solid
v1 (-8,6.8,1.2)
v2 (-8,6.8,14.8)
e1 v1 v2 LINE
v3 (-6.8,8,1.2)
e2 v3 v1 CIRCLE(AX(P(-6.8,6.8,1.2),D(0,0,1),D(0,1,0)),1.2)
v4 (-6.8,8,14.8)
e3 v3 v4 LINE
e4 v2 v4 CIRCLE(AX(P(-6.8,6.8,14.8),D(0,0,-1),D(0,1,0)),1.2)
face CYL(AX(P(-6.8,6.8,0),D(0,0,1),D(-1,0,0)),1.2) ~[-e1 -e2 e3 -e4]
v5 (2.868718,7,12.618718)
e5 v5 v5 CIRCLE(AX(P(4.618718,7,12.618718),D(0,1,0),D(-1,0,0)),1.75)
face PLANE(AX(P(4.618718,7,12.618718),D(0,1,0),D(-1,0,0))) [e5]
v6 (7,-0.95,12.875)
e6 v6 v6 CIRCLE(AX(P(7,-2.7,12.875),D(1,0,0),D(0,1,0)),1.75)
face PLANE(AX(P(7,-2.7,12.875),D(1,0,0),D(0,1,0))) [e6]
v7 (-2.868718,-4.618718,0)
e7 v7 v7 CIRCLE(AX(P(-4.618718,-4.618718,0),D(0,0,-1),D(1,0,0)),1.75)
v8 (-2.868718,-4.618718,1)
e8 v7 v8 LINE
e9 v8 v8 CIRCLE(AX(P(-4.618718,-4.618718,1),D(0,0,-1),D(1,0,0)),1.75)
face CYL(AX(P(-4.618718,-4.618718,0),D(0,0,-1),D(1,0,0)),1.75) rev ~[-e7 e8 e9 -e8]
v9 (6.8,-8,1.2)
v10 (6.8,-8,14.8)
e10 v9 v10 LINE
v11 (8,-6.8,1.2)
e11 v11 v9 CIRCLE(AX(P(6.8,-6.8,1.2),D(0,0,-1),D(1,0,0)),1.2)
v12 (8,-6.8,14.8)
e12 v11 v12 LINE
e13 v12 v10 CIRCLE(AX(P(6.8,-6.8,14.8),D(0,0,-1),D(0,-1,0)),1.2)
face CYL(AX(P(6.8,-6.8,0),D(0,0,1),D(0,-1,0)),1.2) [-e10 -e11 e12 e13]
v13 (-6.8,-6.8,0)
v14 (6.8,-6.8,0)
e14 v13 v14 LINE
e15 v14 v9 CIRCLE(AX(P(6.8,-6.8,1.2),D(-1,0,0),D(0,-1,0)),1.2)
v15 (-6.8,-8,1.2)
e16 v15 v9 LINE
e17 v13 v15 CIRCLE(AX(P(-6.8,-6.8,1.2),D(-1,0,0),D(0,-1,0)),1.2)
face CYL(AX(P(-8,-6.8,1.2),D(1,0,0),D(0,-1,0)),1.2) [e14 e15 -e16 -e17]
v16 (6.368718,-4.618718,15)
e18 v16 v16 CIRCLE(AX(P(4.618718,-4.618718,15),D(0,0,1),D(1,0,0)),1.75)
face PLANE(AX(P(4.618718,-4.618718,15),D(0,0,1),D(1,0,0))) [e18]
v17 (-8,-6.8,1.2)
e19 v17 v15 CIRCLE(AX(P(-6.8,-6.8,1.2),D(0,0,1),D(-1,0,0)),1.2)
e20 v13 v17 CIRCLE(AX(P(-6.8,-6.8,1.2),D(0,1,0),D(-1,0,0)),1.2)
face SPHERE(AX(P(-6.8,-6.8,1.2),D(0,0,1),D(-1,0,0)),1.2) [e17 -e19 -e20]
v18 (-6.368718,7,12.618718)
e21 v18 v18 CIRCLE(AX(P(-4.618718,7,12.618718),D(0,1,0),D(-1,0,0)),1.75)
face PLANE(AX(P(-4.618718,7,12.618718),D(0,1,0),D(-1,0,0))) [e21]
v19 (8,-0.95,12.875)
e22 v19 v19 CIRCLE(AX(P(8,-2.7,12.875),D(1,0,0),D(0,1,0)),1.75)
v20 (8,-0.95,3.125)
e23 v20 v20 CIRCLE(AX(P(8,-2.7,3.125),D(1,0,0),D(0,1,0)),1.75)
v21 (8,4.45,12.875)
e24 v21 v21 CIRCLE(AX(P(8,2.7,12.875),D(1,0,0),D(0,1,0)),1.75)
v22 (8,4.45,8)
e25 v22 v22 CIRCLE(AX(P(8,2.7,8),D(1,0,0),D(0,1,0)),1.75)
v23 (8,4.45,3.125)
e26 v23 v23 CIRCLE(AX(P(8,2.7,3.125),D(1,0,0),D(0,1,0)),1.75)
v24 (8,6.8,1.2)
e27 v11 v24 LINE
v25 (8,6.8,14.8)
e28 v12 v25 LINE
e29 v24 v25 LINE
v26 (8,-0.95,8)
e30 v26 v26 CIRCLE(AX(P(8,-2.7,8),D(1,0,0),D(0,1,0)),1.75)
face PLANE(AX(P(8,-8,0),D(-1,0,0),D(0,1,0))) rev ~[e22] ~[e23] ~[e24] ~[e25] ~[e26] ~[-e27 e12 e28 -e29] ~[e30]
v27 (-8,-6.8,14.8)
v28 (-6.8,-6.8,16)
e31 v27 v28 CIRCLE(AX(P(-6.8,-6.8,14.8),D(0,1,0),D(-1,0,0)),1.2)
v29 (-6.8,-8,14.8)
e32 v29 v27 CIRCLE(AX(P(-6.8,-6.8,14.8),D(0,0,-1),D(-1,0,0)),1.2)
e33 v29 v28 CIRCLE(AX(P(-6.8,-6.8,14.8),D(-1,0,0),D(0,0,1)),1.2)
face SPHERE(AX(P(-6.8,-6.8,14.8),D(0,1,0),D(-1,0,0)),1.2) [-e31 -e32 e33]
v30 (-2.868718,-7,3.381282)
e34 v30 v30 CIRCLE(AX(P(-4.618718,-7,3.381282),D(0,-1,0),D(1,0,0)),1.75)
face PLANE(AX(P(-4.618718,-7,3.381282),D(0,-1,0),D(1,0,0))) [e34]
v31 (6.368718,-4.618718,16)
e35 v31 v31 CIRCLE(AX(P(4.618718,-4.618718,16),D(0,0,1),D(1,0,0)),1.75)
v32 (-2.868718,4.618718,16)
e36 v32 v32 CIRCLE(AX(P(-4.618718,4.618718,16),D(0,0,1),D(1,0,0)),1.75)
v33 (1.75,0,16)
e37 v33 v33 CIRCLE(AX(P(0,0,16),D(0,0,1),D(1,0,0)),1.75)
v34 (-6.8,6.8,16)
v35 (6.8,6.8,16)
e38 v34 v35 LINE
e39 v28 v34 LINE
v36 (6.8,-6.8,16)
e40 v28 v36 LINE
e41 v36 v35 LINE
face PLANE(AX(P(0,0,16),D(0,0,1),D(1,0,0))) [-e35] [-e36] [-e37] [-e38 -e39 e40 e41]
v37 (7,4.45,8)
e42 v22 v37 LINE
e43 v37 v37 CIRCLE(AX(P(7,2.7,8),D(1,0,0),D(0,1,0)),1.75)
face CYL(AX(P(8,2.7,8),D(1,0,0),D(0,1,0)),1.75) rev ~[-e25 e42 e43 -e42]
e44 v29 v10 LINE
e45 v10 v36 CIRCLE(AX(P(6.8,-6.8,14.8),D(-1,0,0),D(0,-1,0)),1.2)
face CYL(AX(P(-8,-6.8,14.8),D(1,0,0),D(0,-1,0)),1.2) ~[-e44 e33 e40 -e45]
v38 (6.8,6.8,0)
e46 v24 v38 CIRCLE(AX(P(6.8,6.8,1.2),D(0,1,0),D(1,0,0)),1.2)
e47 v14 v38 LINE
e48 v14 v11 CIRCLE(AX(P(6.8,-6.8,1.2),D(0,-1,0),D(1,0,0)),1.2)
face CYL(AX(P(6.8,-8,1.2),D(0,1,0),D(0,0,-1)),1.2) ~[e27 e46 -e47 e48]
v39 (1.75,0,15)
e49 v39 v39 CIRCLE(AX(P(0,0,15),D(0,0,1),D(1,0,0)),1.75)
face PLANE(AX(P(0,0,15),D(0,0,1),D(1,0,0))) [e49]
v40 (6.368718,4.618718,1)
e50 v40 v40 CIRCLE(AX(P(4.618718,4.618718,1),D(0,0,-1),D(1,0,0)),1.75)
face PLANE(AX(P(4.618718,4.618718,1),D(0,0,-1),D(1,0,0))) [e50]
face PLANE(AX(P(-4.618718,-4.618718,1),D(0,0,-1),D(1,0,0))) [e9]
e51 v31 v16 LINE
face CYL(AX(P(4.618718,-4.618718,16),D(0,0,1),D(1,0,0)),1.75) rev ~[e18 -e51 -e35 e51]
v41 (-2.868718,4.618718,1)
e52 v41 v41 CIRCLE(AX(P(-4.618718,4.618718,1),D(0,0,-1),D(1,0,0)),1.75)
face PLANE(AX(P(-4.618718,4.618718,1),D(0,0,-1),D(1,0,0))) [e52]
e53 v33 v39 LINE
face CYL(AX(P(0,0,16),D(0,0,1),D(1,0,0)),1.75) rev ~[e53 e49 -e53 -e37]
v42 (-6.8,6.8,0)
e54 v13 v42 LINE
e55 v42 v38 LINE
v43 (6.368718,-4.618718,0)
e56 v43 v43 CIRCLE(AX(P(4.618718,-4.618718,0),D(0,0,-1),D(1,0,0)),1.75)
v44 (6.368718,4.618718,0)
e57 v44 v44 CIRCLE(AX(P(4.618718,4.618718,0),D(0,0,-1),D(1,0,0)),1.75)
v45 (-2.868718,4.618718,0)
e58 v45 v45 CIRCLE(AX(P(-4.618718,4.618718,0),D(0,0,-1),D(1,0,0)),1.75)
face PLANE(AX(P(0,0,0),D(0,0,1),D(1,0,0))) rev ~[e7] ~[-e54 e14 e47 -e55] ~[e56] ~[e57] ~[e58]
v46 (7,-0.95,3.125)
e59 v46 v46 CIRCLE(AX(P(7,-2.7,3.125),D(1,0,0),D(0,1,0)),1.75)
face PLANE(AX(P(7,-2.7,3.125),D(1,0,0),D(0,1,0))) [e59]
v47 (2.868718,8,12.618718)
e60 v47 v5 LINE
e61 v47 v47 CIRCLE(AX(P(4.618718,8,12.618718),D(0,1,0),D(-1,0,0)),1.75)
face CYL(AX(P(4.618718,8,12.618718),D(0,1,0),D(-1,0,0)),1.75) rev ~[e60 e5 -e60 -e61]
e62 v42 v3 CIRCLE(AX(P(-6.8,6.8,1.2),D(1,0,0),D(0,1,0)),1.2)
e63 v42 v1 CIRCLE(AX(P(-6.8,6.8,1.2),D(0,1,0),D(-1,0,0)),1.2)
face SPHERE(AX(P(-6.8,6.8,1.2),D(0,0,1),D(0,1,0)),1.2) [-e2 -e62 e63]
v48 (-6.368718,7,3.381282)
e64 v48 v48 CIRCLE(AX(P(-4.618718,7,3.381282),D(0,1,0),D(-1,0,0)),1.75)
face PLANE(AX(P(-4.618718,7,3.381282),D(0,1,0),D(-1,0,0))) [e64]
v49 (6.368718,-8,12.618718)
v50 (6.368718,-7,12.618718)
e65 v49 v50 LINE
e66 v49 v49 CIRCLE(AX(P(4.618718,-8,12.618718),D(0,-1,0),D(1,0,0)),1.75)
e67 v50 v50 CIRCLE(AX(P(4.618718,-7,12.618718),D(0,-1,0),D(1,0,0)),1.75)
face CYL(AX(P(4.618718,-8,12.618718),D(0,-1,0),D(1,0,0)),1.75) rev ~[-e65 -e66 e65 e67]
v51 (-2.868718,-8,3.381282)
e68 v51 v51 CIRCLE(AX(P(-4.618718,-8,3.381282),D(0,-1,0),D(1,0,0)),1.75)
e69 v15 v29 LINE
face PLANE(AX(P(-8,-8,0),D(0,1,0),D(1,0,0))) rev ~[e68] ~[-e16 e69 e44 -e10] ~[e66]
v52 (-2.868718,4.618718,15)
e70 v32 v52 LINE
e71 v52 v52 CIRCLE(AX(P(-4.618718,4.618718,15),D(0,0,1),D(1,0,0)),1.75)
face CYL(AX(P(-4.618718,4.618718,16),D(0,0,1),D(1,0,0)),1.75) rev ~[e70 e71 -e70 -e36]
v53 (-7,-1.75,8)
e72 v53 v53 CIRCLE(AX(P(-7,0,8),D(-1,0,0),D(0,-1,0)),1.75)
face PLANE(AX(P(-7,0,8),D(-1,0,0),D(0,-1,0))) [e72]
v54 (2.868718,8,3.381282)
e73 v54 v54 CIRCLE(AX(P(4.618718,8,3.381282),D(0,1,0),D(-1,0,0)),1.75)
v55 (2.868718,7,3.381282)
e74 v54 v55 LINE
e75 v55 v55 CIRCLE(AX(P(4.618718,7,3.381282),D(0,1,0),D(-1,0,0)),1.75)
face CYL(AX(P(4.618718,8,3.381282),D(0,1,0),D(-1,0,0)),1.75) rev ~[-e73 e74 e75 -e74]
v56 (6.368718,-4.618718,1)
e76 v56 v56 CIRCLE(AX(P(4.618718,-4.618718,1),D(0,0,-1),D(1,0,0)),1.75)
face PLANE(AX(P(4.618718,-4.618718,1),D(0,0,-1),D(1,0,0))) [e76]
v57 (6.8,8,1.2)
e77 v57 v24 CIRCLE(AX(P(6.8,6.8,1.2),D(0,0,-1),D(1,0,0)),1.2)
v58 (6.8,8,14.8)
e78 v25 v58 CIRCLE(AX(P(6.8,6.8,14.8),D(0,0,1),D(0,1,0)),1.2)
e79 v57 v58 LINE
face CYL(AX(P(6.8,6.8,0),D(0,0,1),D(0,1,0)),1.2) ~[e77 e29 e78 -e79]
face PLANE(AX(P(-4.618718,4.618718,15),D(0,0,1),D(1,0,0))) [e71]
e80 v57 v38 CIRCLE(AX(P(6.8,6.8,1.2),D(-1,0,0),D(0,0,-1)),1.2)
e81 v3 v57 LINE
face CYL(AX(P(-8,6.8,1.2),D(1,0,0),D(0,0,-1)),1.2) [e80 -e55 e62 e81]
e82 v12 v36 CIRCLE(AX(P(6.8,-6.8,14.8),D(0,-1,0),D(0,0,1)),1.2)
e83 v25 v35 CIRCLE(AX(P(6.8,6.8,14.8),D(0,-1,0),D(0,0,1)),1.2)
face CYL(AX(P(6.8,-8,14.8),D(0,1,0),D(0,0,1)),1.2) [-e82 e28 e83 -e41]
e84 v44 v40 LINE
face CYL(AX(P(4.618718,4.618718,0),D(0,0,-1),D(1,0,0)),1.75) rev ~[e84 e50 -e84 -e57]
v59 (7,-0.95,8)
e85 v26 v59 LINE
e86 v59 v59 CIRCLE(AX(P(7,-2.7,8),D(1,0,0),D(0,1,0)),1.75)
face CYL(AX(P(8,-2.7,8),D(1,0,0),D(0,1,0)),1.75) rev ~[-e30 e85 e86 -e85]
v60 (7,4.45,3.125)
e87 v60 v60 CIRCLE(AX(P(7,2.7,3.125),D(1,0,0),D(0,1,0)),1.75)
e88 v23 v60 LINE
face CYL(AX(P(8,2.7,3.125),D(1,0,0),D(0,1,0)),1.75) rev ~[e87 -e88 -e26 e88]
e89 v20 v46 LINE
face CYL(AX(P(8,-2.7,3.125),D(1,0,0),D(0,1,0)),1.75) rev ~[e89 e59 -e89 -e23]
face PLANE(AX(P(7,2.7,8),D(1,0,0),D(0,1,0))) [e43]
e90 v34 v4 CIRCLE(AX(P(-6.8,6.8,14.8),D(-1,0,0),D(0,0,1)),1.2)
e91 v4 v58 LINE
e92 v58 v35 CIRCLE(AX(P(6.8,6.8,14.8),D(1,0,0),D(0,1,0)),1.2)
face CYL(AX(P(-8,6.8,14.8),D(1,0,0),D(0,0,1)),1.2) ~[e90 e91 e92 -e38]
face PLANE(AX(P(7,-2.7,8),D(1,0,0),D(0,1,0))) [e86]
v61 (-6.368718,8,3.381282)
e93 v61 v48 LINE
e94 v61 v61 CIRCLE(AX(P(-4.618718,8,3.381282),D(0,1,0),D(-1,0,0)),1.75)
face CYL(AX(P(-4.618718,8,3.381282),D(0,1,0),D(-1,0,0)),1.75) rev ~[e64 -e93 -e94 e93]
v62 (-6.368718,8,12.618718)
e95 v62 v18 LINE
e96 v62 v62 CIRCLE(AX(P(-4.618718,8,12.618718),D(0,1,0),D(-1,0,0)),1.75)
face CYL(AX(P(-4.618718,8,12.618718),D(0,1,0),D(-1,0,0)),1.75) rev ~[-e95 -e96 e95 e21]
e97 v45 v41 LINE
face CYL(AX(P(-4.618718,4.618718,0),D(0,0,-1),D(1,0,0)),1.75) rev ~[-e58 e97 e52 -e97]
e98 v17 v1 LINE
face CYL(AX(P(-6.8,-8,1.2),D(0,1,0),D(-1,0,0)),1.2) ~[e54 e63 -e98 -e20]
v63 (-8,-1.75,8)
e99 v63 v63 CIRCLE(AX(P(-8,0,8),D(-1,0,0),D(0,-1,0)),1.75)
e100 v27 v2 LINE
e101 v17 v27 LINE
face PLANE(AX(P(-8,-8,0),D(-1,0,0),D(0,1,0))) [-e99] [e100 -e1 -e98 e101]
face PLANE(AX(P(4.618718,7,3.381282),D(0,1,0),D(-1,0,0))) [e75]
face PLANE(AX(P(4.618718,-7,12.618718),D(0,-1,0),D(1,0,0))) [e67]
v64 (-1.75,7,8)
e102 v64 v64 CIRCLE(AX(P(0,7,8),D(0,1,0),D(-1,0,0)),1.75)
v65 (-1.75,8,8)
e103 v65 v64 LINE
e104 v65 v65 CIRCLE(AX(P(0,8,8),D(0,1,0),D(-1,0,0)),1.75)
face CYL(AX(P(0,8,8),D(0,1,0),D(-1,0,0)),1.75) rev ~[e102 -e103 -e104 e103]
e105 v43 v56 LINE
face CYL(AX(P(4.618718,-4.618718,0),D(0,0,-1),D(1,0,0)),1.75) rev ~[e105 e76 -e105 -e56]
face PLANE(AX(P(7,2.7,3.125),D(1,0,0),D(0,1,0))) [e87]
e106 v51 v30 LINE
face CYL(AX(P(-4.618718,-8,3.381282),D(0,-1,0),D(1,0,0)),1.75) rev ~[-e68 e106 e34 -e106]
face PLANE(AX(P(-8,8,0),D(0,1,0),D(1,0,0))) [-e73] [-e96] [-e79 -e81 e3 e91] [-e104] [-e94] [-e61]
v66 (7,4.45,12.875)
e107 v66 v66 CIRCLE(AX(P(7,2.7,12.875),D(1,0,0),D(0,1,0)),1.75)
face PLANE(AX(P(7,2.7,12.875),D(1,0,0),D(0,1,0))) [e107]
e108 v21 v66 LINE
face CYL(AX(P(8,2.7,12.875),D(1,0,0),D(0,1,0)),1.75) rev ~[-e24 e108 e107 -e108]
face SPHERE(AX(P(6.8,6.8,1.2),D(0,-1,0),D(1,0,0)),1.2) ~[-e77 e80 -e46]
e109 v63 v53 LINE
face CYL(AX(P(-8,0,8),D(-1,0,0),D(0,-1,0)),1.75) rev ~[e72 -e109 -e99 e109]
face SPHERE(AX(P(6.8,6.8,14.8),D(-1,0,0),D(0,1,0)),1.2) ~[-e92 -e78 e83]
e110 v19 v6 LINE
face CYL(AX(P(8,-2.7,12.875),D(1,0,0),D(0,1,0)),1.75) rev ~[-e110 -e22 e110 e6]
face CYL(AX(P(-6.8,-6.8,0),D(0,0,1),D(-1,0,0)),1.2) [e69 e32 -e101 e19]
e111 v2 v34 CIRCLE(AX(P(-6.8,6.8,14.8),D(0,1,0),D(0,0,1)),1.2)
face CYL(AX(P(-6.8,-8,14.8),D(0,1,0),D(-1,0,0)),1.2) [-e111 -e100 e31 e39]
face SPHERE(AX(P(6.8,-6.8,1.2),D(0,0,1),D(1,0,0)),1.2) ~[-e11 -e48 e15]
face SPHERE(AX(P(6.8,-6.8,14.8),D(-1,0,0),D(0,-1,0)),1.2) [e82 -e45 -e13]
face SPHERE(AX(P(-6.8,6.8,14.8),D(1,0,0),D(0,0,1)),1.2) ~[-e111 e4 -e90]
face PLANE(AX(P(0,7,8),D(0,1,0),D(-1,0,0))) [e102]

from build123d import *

# Parameters (mm, degrees)
F0_W      = 16
F0_H      = 16
F1_DEPTH  = 16
F2_R      = 1.75
F3_DEPTH  = 1
F4_R      = 1.75
F5_DEPTH  = 1
F6_R      = 1.75
F7_DEPTH  = 1
F8_R      = 1.75
F9_DEPTH  = 1
F10_R     = 1.75
F11_DEPTH = 1
F12_R     = 1.75
F13_DEPTH = 1
F14_R     = 1.2


with BuildPart() as f1:
    # F0 (on Top) → F1 (new body)
    with BuildSketch(Plane.XY):
        Rectangle(F0_W, F0_H)
    extrude(amount=F1_DEPTH)

    # F2 (on face) → F3 (cut)
    with BuildSketch(Plane.XY.offset(16)):
        with Locations((-4.618718, 4.618718)):
            Circle(F2_R)
        with Locations((4.618718, -4.618718)):
            Circle(F2_R)
        Circle(F2_R)
    extrude(amount=-F3_DEPTH, mode=Mode.SUBTRACT)

    # F4 (on face) → F5 (cut)
    with BuildSketch(Plane.XZ.offset(8)):
        with Locations((-4.618718, 3.381282)):
            Circle(F4_R)
        with Locations((4.618718, 12.618718)):
            Circle(F4_R)
    extrude(amount=-F5_DEPTH, mode=Mode.SUBTRACT)

    # F6 (on face) → F7 (cut)
    with BuildSketch(Plane(origin=(-8, 0, 0), x_dir=(0, -1, 0), z_dir=(-1, 0, 0))):
        with Locations((0, 8)):
            Circle(F6_R)
    extrude(amount=-F7_DEPTH, mode=Mode.SUBTRACT)

    # F8 (on face) → F9 (cut)
    with BuildSketch(Plane.YZ.offset(8)):
        with Locations((-2.7, 8)):
            Circle(F8_R)
        with Locations((2.7, 8)):
            Circle(F8_R)
        with Locations((2.7, 12.875)):
            Circle(F8_R)
        with Locations((2.7, 3.125)):
            Circle(F8_R)
        with Locations((-2.7, 3.125)):
            Circle(F8_R)
        with Locations((-2.7, 12.875)):
            Circle(F8_R)
    extrude(amount=-F9_DEPTH, mode=Mode.SUBTRACT)

    # F10 (on face) → F11 (cut)
    with BuildSketch(Plane(origin=(0, 8, 0), x_dir=(-1, 0, 0), z_dir=(0, 1, 0))):
        with Locations((0, 8)):
            Circle(F10_R)
        with Locations((-4.618718, 3.381282)):
            Circle(F10_R)
        with Locations((-4.618718, 12.618718)):
            Circle(F10_R)
        with Locations((4.618718, 12.618718)):
            Circle(F10_R)
        with Locations((4.618718, 3.381282)):
            Circle(F10_R)
    extrude(amount=-F11_DEPTH, mode=Mode.SUBTRACT)

    # F12 (on face) → F13 (cut)
    with BuildSketch(Plane(origin=(0, 0, 0), x_dir=(1, 0, 0), z_dir=(0, 0, -1))):
        with Locations((4.618718, -4.618718)):
            Circle(F12_R)
        with Locations((-4.618718, -4.618718)):
            Circle(F12_R)
        with Locations((-4.618718, 4.618718)):
            Circle(F12_R)
        with Locations((4.618718, 4.618718)):
            Circle(F12_R)
    extrude(amount=-F13_DEPTH, mode=Mode.SUBTRACT)

    # F14
    f14_edges = [f1.edges().sort_by_distance(p)[0] for p in [
        (0, 8, 16),
        (-8, 0, 16),
        (-8, 8, 8),
        (-8, -8, 8),
        (0, -8, 16),
        (8, -8, 8),
        (8, 0, 0),
        (8, 8, 8),
        (0, 8, 0),
        (-8, 0, 0),
        (0, -8, 0),
        (8, 0, 16),
    ]]
    fillet(f14_edges, radius=F14_R)


solid = f1.part
